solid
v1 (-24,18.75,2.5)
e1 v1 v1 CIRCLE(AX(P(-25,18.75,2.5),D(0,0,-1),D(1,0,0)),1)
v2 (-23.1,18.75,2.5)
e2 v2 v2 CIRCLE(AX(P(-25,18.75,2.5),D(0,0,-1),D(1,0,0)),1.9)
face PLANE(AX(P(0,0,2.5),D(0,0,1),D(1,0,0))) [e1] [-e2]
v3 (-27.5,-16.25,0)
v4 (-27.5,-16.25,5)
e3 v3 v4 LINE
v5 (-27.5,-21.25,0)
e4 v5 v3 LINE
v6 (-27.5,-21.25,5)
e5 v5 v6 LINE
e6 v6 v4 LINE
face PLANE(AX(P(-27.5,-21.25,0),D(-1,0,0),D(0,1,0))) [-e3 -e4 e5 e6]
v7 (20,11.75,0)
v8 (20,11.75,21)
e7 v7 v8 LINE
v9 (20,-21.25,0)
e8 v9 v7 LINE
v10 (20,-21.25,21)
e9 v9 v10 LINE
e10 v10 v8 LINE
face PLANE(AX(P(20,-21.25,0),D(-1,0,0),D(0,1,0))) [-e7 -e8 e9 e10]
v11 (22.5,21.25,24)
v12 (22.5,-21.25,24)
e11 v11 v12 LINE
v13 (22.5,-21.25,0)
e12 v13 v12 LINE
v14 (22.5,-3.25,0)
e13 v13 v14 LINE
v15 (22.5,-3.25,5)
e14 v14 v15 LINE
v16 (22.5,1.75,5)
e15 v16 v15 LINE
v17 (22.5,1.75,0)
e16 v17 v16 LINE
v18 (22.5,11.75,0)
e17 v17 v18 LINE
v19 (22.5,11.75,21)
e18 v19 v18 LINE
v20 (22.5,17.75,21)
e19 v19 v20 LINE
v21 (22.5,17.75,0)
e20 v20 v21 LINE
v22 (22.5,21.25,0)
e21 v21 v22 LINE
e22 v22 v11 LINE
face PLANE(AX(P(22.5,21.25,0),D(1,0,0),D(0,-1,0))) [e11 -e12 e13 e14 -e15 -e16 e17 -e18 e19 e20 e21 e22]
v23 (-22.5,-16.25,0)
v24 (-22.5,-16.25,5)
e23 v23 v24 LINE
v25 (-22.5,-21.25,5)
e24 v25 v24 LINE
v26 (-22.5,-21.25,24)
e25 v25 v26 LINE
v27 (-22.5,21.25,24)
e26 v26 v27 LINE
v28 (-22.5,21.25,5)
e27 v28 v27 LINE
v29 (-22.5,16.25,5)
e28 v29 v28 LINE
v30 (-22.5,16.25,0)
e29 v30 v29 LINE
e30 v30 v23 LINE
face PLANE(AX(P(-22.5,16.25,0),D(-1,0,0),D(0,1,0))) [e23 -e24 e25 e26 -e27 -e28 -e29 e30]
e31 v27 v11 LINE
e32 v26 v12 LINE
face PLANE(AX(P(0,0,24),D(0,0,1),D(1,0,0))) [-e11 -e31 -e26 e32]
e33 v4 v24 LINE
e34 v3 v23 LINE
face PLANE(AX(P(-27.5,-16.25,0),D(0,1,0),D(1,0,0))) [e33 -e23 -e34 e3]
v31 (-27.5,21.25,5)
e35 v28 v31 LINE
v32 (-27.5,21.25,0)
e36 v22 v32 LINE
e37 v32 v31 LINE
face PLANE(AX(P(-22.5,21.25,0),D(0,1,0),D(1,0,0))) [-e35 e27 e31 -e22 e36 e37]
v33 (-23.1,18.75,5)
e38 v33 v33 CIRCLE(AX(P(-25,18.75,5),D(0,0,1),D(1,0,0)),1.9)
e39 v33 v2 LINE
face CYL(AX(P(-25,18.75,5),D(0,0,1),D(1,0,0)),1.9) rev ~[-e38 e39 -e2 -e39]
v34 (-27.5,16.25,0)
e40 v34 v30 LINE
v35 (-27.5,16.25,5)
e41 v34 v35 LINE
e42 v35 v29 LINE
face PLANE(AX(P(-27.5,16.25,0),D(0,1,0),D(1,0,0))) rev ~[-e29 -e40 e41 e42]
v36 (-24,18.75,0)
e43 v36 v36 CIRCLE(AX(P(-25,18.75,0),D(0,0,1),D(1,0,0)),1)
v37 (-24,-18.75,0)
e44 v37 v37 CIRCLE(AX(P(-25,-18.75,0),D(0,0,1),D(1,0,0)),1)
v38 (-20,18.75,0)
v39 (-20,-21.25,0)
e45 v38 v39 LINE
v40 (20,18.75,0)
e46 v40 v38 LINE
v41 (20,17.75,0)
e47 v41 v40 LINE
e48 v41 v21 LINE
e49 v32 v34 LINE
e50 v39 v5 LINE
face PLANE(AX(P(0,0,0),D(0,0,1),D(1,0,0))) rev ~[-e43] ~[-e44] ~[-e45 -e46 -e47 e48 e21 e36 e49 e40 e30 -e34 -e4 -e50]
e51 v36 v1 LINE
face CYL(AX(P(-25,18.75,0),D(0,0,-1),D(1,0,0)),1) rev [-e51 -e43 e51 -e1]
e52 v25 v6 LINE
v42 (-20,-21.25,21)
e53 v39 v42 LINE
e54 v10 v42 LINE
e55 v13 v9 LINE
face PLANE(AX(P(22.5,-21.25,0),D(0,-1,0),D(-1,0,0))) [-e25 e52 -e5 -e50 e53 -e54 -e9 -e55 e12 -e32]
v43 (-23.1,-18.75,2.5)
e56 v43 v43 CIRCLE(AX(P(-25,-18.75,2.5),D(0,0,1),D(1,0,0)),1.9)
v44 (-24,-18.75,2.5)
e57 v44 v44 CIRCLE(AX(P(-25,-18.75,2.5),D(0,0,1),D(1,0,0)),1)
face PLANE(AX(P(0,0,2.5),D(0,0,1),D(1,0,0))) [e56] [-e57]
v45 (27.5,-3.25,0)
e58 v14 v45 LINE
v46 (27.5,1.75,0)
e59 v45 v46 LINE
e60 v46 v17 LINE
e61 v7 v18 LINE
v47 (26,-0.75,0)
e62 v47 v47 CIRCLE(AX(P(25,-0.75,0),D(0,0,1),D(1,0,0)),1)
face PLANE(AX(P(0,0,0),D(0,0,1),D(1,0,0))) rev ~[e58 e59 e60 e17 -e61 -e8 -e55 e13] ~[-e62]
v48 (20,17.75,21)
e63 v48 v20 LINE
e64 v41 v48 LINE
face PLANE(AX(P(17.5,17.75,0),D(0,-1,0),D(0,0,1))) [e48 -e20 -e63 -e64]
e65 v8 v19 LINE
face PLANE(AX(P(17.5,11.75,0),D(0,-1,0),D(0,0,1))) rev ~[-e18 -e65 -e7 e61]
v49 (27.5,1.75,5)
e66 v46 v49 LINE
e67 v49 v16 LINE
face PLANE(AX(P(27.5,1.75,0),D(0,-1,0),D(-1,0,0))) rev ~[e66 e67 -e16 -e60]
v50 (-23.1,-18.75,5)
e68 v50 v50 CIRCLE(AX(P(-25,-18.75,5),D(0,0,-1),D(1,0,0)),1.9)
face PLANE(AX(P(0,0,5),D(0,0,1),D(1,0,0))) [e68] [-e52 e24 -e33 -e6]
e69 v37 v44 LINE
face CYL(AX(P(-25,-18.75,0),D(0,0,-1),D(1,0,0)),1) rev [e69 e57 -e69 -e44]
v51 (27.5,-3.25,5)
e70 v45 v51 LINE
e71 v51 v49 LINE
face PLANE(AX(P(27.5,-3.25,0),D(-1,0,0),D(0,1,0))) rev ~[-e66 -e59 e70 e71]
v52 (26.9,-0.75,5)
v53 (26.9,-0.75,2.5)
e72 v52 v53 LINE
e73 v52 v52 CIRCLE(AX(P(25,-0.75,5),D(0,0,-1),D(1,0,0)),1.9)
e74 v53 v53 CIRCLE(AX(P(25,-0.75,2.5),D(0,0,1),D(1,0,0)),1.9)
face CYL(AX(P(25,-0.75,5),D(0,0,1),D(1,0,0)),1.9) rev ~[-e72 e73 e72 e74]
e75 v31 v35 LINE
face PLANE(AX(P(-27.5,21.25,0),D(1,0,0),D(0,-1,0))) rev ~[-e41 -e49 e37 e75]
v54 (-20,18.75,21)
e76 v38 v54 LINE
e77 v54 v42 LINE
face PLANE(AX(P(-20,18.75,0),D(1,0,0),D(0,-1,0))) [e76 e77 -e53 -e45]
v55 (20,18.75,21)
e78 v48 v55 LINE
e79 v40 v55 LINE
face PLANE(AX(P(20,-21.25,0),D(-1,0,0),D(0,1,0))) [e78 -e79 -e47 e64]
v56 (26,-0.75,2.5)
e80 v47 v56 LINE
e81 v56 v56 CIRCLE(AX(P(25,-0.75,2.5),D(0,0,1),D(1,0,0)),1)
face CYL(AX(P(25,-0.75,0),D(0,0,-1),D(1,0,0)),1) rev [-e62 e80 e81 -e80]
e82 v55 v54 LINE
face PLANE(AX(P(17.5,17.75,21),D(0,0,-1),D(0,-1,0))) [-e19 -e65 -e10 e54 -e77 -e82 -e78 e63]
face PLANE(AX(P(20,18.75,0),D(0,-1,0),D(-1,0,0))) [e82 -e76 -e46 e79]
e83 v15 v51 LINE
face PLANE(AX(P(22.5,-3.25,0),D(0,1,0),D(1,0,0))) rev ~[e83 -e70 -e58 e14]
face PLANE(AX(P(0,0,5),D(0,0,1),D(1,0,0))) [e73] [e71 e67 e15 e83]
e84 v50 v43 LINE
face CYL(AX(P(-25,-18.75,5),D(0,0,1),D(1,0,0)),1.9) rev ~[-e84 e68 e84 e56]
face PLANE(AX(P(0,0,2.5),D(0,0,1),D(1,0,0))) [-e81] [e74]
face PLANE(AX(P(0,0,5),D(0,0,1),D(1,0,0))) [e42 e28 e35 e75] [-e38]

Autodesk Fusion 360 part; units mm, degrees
sketch "Esquisse1" plane through (0, 0, 0) normal (0, 0, 1) x (1, 0, 0)
  line L0 (-22.5, 21.25) -> (22.5, 21.25)
  line L1 (22.5, 21.25) -> (22.5, -21.25)
  line L2 (22.5, -21.25) -> (-22.5, -21.25)
  line L3 (-22.5, -21.25) -> (-22.5, 21.25)
  line L4 (-22.5, 21.25) -> (22.5, -21.25) construction
  line L5 (22.5, 21.25) -> (-22.5, -21.25) construction
  line L6 (-22.5, 11.75) -> (-22.5, 21.25)
  line L7 (-22.5, -21.25) -> (-27.5, -21.25)
  line L8 (-27.5, -21.25) -> (-27.5, -16.25)
  line L9 (-27.5, -16.25) -> (-22.5, -16.25)
  line L10 (-22.5, -16.25) -> (-22.5, -21.25)
  line L11 (22.5, 21.25) -> (27.5, 21.25)
  line L12 (27.5, 21.25) -> (27.5, 16.25)
  line L13 (27.5, 16.25) -> (22.5, 16.25)
  line L14 (22.5, 16.25) -> (22.5, 21.25)
  line L15 (22.5, -21.25) -> (27.5, -21.25)
  line L16 (27.5, -21.25) -> (27.5, -16.25)
  line L17 (27.5, -16.25) -> (22.5, -16.25)
  line L18 (22.5, -16.25) -> (22.5, -21.25)
  line L19 (-20, -21.25) -> (20, -21.25)
  line L20 (20, -21.25) -> (20, 18.75)
  line L21 (20, 18.75) -> (-20, 18.75)
  line L22 (-20, 18.75) -> (-20, -21.25)
  line L23 (22.5, 21.25) -> (27.5, 16.25)
  line L24 (22.5, -16.25) -> (27.5, -21.25)
  line L25 (-27.5, -16.25) -> (-22.5, -21.25)
  circle A0 centre (25, 18.75) radius 1.9
  circle A1 centre (25, 18.75) radius 1
  circle A2 centre (25, -18.75) radius 1.9
  circle A3 centre (25, -18.75) radius 1
  circle A4 centre (-25, -18.75) radius 1.9
  circle A5 centre (-25, -18.75) radius 1
  line L26 (27.5, 21.25) -> (27.5, 16.25)
  circle A6 centre (25, 18.75) radius 1
  line L27 (-22.5, 21.25) -> (-27.5, 21.25)
  line L28 (-27.5, 21.25) -> (-27.5, 16.25)
  line L29 (-27.5, 16.25) -> (-22.5, 16.25)
  line L30 (-22.5, 16.25) -> (-22.5, 21.25)
  circle A7 centre (-25, 18.75) radius 1.9
  circle A8 centre (-25, 18.75) radius 1
  line L31 (-22.5, 16.25) -> (-27.5, 21.25)
  line L32 (27.5, 1.75) -> (22.5, 1.75)
  line L33 (22.5, 1.75) -> (27.5, -3.25)
  circle A9 centre (25, -0.75) radius 1
  circle A10 centre (25, -0.75) radius 1.9
  line L34 (27.5, -3.25) -> (27.5, 1.75)
  line L35 (22.5, -3.25) -> (27.5, -3.25)
  point P0 (25, 18.75)
  point P1 (-25, 18.75)
  dimension "d1" = 45
  dimension "d2" = 42.5
  dimension "d5" = 5
  dimension "d6" = 5
  dimension "d7" = 5
  dimension "d8" = 5
  dimension "d9" = 5
  dimension "d10" = 5
  dimension "d12" = 2.5
  dimension "d13" = 2.5
  dimension "d14" = 2.5
  dimension "d22" = 3.8
  dimension "d23" = 2
  dimension "d26" = 3.8
  dimension "d27" = 2
  dimension "d28" = 3.8
  dimension "d29" = 2
  dimension "d46" = 5
  dimension "d47" = 2
  dimension "d48" = 5
  dimension "d49" = 5
  dimension "d50" = 2
  dimension "d51" = 3.8
  dimension "d52" = 5
  dimension "d53" = 5
  dimension "d54" = 3.8
  dimension "d55" = 2
  dimension "d56" = 13
extrude "Extrusion1" add sketch "Esquisse1" along normal blind 24 contours L0 L1 L2 L3 L6 L10 L14 L18 L20 L21 L22 L30
extrude "Extrusion2" add sketch "Esquisse1" along normal blind 3 from surface at 21 contours L2 L19 L20 L21 L22
extrude "Extrusion3" add sketch "Esquisse1" along normal blind 5 contours L3 L6 L27 L30 A7 L31 | L28 L29 A7 L31 | A7 A8 L31 | A7 A8 L31 | L1 L33 A10 L35 | L32 L33 A10 L34 | L3 L9 L10 L25 A4 | A8 L31 | A8 L31 | L33 A9 A10 | L33 A9 A10 | L7 L8 L25 A4 | L33 A9 | L33 A9 | L25 A4 A5 | L25 A4 A5 | L25 A5 | L25 A5
extrude "Extrusion4" cut sketch "Esquisse1" against normal blind 2.5 from surface at 5 contours L23 A0 A1 A6 | L23 A0 A1 A6 | A7 A8 L31 | A7 A8 L31 | L33 A9 A10 | L33 A9 A10 | L25 A4 A5 | L25 A4 A5 | L24 A2 A3 | L24 A2 A3
extrude "Extrusion5" cut sketch "Esquisse1" along normal blind 8 contours A8 L31 | A8 L31 | L33 A9 | L33 A9 | L25 A5 | L25 A5 | L24 A3 | L24 A3
sketch "Esquisse2" plane through (-22.5, 0, 0) normal (-1, 0, 0) x (0, -1, 0)
  line L0 (16.25, 5) -> (21.25, 5)
  line L1 (21.25, 5) -> (21.25, 24)
  line L2 (21.25, 24) -> (-21.25, 24)
  line L3 (-21.25, 24) -> (-21.25, 5)
  line L4 (-16.25, 0) -> (16.25, 0)
  line L5 (16.25, 0) -> (16.25, 5)
  line L6 (-17.75, 0) -> (-17.75, 21)
  line L7 (-11.75, 0) -> (-11.75, 21)
  line L8 (-17.75, 21) -> (-11.75, 21)
  line L9 (-21.25, 5) -> (-16.25, 5)
  line L10 (-16.25, 5) -> (-16.25, 0)
  line L11 (-11.75, 0) -> (-17.75, 0)
  dimension "d35" = 3.5
  dimension "d36" = 6
  dimension "d37" = 21
  dimension "d38" = 21
extrude "Extrusion6" cut sketch "Esquisse2" against normal blind 9 from surface at -40 contours L4 L6 L7 L8 L9 L10 L11 | L6 L9 L10 L11
sketch "Esquisse3" plane through (22.5, 0, 0) normal (1, 0, 0) x (0, 1, 0)
  line L0 (17.75, 0) -> (21.25, 0)
  line L1 (21.25, 0) -> (21.25, 24)
  line L2 (17.75, 0) -> (27.75, 0)
  line L3 (27.75, 0) -> (27.75, 21)
  line L4 (27.75, 21) -> (17.75, 21)
  line L5 (17.75, 21) -> (17.75, 0)
  line L6 (17.75, 21) -> (17.75, 0)
  line L7 (11.75, 0) -> (11.75, 21)
  line L8 (11.75, 21) -> (17.75, 21)
  line L9 (21.25, 24) -> (-21.25, 24)
  line L10 (-21.25, 24) -> (-21.25, 0)
  line L11 (-3.25, 5) -> (1.75, 5)
  line L12 (1.75, 0) -> (11.75, 0)
  line L13 (-21.25, 0) -> (-3.25, 0)
  line L14 (-3.25, 0) -> (-3.25, 5)
  line L15 (1.75, 5) -> (1.75, 0)
  dimension "d41" = 10
  dimension "d42" = 21
